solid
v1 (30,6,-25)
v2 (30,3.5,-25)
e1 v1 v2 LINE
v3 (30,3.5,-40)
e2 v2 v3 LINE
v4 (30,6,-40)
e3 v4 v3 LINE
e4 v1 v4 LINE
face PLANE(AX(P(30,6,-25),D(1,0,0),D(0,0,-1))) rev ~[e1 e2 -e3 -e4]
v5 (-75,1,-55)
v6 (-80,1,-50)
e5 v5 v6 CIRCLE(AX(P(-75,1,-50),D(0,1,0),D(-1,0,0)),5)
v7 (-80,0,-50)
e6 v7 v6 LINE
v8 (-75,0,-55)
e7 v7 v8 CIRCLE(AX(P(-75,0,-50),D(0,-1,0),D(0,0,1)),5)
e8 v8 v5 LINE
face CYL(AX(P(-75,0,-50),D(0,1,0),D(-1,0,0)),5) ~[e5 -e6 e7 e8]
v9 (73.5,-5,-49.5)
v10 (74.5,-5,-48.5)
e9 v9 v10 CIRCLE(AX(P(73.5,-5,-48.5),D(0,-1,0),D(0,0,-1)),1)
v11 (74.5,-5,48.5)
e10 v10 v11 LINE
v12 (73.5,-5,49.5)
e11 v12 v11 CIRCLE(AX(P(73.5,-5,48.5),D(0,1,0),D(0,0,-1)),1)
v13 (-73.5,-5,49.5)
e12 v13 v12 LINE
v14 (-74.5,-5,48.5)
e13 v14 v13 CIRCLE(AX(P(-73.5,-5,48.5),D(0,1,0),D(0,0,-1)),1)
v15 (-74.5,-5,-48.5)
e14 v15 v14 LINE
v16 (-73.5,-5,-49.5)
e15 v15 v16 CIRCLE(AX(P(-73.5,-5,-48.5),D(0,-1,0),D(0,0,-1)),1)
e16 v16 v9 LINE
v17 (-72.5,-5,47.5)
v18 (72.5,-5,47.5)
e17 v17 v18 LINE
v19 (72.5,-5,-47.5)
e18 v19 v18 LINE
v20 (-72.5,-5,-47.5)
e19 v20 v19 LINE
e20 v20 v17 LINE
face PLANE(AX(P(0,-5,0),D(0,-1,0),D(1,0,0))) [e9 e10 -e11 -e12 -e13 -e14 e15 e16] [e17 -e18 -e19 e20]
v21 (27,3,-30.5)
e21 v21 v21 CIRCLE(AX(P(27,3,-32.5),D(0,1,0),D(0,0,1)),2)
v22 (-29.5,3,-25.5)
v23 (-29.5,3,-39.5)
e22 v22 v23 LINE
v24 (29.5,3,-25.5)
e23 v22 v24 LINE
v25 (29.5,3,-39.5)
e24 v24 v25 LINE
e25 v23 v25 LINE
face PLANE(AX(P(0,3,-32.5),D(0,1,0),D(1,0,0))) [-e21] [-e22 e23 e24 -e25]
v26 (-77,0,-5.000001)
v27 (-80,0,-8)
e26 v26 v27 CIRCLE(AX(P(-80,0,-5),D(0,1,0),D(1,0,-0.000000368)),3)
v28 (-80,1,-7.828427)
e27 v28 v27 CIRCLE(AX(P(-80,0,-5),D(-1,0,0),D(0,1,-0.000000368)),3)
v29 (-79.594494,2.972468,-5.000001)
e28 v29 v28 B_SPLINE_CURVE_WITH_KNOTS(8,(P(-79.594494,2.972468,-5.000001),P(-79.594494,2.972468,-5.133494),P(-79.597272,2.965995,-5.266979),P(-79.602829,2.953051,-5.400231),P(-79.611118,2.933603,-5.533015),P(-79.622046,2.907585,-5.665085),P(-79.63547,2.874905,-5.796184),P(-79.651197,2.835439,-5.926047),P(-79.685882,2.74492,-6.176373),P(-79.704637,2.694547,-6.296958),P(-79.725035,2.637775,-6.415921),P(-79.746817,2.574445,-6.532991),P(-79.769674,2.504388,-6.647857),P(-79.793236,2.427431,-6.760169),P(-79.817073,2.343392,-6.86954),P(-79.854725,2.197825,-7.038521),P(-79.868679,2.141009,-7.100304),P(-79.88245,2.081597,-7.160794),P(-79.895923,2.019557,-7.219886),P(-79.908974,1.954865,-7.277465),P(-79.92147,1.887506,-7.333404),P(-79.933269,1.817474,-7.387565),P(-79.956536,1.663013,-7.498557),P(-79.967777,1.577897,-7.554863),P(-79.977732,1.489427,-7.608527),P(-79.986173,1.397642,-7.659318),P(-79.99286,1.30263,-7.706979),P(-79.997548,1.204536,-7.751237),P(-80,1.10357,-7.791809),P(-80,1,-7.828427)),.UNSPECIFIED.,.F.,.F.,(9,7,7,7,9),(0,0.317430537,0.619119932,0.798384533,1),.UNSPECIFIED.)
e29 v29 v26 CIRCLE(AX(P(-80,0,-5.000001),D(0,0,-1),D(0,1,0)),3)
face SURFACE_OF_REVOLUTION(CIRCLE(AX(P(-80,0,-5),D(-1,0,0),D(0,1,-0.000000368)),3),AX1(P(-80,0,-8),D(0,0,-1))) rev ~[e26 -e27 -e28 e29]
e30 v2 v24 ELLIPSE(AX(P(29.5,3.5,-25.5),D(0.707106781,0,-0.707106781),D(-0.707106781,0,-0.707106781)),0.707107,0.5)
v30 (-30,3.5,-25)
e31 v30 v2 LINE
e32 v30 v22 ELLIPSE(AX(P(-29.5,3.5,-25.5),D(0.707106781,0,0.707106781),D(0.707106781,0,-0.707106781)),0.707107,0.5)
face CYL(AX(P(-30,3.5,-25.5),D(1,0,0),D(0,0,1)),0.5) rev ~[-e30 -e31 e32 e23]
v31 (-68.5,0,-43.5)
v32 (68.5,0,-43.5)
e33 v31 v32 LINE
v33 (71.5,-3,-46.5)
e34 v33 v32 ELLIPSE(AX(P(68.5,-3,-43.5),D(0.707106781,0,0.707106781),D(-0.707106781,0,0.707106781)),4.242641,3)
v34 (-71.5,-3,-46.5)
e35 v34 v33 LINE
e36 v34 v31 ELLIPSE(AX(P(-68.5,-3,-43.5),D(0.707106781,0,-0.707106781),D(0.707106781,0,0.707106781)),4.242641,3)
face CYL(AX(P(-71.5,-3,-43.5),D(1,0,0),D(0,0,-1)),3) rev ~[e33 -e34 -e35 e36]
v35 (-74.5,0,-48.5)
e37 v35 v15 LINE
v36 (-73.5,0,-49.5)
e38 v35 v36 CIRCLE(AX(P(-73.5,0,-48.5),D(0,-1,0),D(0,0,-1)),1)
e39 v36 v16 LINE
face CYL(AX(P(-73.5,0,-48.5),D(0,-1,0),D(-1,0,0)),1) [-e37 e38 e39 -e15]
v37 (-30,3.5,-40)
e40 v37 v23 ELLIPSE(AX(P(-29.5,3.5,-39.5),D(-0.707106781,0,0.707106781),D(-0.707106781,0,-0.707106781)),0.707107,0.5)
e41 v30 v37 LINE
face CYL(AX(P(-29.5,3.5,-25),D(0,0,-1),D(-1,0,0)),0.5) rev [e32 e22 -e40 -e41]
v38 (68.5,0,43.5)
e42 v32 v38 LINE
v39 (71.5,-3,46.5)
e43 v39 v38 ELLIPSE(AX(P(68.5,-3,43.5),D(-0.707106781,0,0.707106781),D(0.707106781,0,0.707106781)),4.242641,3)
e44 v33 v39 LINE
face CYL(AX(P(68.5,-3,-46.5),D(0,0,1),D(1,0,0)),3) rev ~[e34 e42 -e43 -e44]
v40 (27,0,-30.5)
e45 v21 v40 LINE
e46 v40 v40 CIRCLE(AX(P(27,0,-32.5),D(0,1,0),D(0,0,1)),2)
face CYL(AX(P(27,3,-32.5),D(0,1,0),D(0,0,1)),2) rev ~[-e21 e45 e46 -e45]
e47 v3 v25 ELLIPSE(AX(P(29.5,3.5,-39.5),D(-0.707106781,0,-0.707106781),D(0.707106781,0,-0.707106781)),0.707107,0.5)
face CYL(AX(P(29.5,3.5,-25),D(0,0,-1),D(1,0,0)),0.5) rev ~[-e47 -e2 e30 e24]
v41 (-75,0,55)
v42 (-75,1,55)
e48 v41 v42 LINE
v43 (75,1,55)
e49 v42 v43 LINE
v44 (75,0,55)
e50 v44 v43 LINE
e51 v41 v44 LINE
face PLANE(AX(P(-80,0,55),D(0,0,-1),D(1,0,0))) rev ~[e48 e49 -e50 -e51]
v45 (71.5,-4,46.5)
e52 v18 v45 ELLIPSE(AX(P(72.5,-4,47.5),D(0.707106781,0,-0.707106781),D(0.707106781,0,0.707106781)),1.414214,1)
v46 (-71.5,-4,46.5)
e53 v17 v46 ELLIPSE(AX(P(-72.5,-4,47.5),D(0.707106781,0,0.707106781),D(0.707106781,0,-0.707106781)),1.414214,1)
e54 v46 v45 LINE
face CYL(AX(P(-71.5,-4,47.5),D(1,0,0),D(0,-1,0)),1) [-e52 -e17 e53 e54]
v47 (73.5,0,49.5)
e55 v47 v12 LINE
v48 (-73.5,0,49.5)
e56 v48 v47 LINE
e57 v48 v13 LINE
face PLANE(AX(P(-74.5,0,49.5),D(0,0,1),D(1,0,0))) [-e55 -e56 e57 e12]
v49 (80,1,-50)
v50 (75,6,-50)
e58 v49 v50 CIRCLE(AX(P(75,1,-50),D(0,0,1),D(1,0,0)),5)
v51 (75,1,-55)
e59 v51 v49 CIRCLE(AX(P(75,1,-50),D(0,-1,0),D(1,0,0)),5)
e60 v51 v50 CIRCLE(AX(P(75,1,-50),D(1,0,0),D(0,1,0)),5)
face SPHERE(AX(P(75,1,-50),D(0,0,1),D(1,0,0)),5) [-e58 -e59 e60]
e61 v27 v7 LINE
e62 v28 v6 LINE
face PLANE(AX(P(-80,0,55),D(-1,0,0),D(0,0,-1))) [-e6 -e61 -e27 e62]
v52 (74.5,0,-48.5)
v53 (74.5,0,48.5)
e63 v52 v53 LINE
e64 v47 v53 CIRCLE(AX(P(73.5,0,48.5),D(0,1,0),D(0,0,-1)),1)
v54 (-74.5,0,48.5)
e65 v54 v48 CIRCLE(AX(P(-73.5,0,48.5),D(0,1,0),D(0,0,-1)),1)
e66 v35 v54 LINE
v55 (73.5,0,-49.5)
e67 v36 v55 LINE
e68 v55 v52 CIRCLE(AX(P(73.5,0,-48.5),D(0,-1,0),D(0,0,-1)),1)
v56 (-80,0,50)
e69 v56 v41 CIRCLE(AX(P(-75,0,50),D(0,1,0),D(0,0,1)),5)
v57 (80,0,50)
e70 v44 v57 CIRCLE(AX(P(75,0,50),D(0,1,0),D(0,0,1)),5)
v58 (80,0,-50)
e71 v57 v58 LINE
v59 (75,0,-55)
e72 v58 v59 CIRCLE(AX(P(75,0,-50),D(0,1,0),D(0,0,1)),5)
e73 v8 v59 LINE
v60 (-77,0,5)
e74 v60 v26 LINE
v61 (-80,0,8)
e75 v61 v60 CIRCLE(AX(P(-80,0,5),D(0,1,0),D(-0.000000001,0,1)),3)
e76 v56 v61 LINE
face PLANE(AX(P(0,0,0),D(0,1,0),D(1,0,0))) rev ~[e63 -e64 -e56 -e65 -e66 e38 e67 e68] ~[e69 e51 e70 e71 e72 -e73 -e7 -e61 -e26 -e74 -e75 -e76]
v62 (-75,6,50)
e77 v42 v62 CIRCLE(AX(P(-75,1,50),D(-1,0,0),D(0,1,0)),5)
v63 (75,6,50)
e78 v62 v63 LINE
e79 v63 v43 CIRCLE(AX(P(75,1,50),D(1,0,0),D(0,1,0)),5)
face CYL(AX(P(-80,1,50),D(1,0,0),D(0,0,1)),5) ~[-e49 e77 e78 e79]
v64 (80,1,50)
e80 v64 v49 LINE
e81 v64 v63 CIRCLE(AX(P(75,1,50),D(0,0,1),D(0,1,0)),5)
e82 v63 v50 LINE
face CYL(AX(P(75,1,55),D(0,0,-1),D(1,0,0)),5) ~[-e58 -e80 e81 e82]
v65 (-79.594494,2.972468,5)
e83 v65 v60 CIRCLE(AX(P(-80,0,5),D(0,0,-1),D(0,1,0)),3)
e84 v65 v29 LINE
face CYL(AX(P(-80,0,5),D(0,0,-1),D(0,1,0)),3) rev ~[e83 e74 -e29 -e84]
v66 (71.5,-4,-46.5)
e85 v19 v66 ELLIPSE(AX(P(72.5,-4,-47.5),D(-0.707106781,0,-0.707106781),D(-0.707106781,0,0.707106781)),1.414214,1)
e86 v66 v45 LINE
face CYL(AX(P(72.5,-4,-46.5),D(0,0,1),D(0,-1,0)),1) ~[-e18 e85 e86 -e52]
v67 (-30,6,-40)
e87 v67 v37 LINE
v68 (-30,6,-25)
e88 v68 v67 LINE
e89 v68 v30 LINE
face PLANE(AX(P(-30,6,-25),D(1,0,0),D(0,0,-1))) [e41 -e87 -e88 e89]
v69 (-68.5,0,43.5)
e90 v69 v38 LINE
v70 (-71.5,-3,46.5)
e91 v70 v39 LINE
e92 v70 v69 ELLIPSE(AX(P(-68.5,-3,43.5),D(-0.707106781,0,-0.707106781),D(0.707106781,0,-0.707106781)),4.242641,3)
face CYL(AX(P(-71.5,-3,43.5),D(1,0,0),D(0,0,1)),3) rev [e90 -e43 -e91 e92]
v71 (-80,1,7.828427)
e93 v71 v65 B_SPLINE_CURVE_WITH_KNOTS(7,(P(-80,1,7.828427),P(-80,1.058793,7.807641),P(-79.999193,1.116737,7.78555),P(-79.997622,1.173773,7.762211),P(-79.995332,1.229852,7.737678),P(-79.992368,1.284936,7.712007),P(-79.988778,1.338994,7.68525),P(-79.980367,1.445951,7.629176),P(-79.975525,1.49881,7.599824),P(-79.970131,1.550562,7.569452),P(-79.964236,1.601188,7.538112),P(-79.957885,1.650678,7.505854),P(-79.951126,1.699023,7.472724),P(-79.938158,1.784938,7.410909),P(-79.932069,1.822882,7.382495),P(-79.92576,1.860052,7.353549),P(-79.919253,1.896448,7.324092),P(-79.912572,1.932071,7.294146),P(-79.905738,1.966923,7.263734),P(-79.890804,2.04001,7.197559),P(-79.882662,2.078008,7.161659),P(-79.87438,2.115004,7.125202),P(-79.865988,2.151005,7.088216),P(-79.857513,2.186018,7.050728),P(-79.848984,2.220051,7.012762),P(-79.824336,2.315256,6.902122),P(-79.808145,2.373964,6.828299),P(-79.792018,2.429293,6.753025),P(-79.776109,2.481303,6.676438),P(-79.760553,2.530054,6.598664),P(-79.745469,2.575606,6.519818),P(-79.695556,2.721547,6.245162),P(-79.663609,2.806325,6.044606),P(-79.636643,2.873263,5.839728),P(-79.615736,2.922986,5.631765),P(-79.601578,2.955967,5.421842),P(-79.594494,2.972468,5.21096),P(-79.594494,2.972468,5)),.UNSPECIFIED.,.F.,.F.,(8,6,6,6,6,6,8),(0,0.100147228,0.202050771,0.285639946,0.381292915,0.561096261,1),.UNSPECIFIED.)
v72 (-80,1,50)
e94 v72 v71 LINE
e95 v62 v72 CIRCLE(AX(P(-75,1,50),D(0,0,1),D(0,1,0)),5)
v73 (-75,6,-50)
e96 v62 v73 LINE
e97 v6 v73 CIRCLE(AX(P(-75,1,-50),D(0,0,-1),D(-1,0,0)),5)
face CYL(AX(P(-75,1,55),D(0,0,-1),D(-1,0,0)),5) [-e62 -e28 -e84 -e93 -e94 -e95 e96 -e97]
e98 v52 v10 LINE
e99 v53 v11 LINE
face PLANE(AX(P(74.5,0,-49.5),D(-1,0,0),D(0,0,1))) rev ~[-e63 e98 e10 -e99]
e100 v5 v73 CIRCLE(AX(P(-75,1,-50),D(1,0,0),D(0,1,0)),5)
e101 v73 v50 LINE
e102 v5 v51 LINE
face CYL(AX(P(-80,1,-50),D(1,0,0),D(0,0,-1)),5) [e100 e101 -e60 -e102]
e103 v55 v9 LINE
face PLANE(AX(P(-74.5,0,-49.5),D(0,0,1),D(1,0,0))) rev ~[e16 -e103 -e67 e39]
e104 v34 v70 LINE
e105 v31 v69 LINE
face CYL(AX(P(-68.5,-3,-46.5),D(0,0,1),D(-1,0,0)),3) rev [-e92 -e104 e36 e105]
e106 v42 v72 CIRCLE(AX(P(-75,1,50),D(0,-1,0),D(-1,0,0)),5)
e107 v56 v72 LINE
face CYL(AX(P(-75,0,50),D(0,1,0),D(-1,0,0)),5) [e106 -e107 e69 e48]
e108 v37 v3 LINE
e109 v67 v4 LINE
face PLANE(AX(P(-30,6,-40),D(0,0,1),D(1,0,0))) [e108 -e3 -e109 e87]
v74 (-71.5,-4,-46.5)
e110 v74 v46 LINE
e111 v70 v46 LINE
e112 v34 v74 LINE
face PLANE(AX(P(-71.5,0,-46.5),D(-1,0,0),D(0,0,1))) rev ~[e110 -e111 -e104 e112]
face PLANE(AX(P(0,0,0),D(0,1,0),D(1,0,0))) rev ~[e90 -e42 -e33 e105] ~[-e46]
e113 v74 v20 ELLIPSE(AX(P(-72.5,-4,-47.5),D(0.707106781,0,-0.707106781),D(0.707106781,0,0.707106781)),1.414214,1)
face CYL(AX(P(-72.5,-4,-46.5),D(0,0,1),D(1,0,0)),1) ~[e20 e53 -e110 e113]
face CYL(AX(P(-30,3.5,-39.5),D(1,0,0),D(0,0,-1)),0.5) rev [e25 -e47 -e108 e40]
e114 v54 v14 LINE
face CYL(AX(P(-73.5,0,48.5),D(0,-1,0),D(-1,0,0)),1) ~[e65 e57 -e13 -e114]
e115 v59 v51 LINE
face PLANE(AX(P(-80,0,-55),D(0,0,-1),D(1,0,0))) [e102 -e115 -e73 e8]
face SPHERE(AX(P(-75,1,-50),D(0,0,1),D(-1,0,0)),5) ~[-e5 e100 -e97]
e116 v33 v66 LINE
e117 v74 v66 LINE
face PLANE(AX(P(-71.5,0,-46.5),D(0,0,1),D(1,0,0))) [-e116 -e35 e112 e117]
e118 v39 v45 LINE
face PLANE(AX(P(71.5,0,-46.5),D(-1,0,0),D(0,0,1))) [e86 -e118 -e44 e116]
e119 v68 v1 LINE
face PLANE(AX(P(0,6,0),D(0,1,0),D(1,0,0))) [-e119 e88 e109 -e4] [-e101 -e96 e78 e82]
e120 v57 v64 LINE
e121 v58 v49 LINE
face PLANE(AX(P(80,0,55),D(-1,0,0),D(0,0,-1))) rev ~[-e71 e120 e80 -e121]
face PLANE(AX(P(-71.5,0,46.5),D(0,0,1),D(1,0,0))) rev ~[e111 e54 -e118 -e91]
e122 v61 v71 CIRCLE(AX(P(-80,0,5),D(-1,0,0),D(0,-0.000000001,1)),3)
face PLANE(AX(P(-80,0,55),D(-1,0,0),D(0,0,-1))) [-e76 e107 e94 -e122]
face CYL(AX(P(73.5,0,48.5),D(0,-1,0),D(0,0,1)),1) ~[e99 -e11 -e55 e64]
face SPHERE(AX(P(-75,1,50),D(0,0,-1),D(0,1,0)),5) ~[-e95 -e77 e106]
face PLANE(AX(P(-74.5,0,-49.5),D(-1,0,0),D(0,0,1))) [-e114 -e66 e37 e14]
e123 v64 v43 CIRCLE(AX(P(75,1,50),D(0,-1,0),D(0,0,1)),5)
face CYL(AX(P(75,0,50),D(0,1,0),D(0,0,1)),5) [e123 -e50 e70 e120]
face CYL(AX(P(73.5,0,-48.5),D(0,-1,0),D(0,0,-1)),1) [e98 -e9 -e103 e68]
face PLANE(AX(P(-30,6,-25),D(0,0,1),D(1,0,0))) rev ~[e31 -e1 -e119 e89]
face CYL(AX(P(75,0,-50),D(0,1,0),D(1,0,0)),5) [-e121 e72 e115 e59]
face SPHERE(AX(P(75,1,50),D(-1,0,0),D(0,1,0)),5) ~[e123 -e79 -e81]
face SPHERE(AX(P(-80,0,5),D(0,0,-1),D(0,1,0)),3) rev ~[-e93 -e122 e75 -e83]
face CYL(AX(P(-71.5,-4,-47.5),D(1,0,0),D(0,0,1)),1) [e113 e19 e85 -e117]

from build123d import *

# Parameters (mm, degrees)
SKETCH1_W           = 160
SKETCH1_H           = 110
BOSS_EXTRUDE1_DEPTH = 6
FILLET1_R           = 5
SKETCH2_W           = 149
SKETCH2_H           = 99
SKETCH2_W_2         = 143
SKETCH2_H_2         = 93
EXTRUDE_THIN1_DEPTH = 5
FILLET2_R           = 3
FILLET3_R           = 1
CUT_REVOLVE1_ANGLE  = 90
SKETCH5_W           = 60
SKETCH5_H           = 15
CUT_EXTRUDE1_DEPTH  = 3
FILLET4_R           = 0.5
SKETCH6_R           = 2
CUT_EXTRUDE2_DEPTH  = 5
FILLET5_R           = 1


with BuildPart() as part:
    # Sketch1 → Boss-Extrude1 (new body)
    with BuildSketch(Plane(origin=(0, 0, 0), x_dir=(1, 0, 0), z_dir=(0, 1, 0))):
        Rectangle(SKETCH1_W, SKETCH1_H)
    extrude(amount=BOSS_EXTRUDE1_DEPTH)

    # Fillet1
    fillet1_edges = [part.edges().sort_by_distance(p)[0] for p in [
        (-80, 6, 0),
        (0, 6, 55),
        (80, 6, 0),
        (80, 3, 55),
        (-80, 3, 55),
        (-80, 3, -55),
        (80, 3, -55),
        (0, 6, -55),
    ]]
    fillet(fillet1_edges, radius=FILLET1_R)

    # Sketch2 → Extrude-Thin1 (add)
    with BuildSketch(Plane.XZ):
        Rectangle(SKETCH2_W, SKETCH2_H)
        Rectangle(SKETCH2_W_2, SKETCH2_H_2, mode=Mode.SUBTRACT)
    extrude(amount=EXTRUDE_THIN1_DEPTH)

    # Fillet2
    fillet2_edges = [part.edges().sort_by_distance(p)[0] for p in [
        (71.5, 0, 0),
        (0, 0, 46.5),
        (-71.5, 0, 0),
        (0, 0, -46.5),
    ]]
    fillet(fillet2_edges, radius=FILLET2_R)

    # Fillet3
    fillet3_edges = [part.edges().sort_by_distance(p)[0] for p in [
        (71.5, -5, 0),
        (0, -5, 46.5),
        (-71.5, -5, 0),
        (0, -5, -46.5),
    ]]
    fillet(fillet3_edges, radius=FILLET3_R)

    # Sketch3 → Cut-Revolve1 (revolve, cut)
    with BuildSketch(Plane.ZY.offset(80)):
        with BuildLine():
            Line((-8, 0), (8, 0))
            ThreePointArc((8, 0), (7.121320344, 2.121320344), (5, 3))
            Line((5, 3), (-5.000000645, 3))
            ThreePointArc((-5.000000645, 3), (-7.121320532, 2.121319887), (-8, 0))
        make_face()
    revolve(axis=Axis((-80, 0, -8), (0, 0, -1)), revolution_arc=CUT_REVOLVE1_ANGLE, mode=Mode.SUBTRACT)

    # Sketch5 → Cut-Extrude1 (cut)
    with BuildSketch(Plane(origin=(0, 6, 0), x_dir=(1, 0, 0), z_dir=(0, 1, 0))):
        with Locations((0, 32.5)):
            Rectangle(SKETCH5_W, SKETCH5_H)
    extrude(amount=-CUT_EXTRUDE1_DEPTH, mode=Mode.SUBTRACT)

    # Fillet4
    fillet4_edges = [part.edges().sort_by_distance(p)[0] for p in [
        (30, 3, -32.5),
        (0, 3, -25),
        (-30, 3, -32.5),
        (0, 3, -40),
    ]]
    fillet(fillet4_edges, radius=FILLET4_R)

    # Sketch6 → Cut-Extrude2 (cut)
    with BuildSketch(Plane(origin=(0, 3, 0), x_dir=(1, 0, 0), z_dir=(0, 1, 0))):
        with Locations(Location((27, 32.5, 0), (0, 0, 270))):
            Circle(SKETCH6_R)
    extrude(amount=-CUT_EXTRUDE2_DEPTH, mode=Mode.SUBTRACT)

    # Fillet5
    fillet5_edges = [part.edges().sort_by_distance(p)[0] for p in [
        (74.5, -2.5, -49.5),
        (74.5, -2.5, 49.5),
        (-74.5, -2.5, 49.5),
        (-74.5, -2.5, -49.5),
    ]]
    fillet(fillet5_edges, radius=FILLET5_R)


solid = part.part
